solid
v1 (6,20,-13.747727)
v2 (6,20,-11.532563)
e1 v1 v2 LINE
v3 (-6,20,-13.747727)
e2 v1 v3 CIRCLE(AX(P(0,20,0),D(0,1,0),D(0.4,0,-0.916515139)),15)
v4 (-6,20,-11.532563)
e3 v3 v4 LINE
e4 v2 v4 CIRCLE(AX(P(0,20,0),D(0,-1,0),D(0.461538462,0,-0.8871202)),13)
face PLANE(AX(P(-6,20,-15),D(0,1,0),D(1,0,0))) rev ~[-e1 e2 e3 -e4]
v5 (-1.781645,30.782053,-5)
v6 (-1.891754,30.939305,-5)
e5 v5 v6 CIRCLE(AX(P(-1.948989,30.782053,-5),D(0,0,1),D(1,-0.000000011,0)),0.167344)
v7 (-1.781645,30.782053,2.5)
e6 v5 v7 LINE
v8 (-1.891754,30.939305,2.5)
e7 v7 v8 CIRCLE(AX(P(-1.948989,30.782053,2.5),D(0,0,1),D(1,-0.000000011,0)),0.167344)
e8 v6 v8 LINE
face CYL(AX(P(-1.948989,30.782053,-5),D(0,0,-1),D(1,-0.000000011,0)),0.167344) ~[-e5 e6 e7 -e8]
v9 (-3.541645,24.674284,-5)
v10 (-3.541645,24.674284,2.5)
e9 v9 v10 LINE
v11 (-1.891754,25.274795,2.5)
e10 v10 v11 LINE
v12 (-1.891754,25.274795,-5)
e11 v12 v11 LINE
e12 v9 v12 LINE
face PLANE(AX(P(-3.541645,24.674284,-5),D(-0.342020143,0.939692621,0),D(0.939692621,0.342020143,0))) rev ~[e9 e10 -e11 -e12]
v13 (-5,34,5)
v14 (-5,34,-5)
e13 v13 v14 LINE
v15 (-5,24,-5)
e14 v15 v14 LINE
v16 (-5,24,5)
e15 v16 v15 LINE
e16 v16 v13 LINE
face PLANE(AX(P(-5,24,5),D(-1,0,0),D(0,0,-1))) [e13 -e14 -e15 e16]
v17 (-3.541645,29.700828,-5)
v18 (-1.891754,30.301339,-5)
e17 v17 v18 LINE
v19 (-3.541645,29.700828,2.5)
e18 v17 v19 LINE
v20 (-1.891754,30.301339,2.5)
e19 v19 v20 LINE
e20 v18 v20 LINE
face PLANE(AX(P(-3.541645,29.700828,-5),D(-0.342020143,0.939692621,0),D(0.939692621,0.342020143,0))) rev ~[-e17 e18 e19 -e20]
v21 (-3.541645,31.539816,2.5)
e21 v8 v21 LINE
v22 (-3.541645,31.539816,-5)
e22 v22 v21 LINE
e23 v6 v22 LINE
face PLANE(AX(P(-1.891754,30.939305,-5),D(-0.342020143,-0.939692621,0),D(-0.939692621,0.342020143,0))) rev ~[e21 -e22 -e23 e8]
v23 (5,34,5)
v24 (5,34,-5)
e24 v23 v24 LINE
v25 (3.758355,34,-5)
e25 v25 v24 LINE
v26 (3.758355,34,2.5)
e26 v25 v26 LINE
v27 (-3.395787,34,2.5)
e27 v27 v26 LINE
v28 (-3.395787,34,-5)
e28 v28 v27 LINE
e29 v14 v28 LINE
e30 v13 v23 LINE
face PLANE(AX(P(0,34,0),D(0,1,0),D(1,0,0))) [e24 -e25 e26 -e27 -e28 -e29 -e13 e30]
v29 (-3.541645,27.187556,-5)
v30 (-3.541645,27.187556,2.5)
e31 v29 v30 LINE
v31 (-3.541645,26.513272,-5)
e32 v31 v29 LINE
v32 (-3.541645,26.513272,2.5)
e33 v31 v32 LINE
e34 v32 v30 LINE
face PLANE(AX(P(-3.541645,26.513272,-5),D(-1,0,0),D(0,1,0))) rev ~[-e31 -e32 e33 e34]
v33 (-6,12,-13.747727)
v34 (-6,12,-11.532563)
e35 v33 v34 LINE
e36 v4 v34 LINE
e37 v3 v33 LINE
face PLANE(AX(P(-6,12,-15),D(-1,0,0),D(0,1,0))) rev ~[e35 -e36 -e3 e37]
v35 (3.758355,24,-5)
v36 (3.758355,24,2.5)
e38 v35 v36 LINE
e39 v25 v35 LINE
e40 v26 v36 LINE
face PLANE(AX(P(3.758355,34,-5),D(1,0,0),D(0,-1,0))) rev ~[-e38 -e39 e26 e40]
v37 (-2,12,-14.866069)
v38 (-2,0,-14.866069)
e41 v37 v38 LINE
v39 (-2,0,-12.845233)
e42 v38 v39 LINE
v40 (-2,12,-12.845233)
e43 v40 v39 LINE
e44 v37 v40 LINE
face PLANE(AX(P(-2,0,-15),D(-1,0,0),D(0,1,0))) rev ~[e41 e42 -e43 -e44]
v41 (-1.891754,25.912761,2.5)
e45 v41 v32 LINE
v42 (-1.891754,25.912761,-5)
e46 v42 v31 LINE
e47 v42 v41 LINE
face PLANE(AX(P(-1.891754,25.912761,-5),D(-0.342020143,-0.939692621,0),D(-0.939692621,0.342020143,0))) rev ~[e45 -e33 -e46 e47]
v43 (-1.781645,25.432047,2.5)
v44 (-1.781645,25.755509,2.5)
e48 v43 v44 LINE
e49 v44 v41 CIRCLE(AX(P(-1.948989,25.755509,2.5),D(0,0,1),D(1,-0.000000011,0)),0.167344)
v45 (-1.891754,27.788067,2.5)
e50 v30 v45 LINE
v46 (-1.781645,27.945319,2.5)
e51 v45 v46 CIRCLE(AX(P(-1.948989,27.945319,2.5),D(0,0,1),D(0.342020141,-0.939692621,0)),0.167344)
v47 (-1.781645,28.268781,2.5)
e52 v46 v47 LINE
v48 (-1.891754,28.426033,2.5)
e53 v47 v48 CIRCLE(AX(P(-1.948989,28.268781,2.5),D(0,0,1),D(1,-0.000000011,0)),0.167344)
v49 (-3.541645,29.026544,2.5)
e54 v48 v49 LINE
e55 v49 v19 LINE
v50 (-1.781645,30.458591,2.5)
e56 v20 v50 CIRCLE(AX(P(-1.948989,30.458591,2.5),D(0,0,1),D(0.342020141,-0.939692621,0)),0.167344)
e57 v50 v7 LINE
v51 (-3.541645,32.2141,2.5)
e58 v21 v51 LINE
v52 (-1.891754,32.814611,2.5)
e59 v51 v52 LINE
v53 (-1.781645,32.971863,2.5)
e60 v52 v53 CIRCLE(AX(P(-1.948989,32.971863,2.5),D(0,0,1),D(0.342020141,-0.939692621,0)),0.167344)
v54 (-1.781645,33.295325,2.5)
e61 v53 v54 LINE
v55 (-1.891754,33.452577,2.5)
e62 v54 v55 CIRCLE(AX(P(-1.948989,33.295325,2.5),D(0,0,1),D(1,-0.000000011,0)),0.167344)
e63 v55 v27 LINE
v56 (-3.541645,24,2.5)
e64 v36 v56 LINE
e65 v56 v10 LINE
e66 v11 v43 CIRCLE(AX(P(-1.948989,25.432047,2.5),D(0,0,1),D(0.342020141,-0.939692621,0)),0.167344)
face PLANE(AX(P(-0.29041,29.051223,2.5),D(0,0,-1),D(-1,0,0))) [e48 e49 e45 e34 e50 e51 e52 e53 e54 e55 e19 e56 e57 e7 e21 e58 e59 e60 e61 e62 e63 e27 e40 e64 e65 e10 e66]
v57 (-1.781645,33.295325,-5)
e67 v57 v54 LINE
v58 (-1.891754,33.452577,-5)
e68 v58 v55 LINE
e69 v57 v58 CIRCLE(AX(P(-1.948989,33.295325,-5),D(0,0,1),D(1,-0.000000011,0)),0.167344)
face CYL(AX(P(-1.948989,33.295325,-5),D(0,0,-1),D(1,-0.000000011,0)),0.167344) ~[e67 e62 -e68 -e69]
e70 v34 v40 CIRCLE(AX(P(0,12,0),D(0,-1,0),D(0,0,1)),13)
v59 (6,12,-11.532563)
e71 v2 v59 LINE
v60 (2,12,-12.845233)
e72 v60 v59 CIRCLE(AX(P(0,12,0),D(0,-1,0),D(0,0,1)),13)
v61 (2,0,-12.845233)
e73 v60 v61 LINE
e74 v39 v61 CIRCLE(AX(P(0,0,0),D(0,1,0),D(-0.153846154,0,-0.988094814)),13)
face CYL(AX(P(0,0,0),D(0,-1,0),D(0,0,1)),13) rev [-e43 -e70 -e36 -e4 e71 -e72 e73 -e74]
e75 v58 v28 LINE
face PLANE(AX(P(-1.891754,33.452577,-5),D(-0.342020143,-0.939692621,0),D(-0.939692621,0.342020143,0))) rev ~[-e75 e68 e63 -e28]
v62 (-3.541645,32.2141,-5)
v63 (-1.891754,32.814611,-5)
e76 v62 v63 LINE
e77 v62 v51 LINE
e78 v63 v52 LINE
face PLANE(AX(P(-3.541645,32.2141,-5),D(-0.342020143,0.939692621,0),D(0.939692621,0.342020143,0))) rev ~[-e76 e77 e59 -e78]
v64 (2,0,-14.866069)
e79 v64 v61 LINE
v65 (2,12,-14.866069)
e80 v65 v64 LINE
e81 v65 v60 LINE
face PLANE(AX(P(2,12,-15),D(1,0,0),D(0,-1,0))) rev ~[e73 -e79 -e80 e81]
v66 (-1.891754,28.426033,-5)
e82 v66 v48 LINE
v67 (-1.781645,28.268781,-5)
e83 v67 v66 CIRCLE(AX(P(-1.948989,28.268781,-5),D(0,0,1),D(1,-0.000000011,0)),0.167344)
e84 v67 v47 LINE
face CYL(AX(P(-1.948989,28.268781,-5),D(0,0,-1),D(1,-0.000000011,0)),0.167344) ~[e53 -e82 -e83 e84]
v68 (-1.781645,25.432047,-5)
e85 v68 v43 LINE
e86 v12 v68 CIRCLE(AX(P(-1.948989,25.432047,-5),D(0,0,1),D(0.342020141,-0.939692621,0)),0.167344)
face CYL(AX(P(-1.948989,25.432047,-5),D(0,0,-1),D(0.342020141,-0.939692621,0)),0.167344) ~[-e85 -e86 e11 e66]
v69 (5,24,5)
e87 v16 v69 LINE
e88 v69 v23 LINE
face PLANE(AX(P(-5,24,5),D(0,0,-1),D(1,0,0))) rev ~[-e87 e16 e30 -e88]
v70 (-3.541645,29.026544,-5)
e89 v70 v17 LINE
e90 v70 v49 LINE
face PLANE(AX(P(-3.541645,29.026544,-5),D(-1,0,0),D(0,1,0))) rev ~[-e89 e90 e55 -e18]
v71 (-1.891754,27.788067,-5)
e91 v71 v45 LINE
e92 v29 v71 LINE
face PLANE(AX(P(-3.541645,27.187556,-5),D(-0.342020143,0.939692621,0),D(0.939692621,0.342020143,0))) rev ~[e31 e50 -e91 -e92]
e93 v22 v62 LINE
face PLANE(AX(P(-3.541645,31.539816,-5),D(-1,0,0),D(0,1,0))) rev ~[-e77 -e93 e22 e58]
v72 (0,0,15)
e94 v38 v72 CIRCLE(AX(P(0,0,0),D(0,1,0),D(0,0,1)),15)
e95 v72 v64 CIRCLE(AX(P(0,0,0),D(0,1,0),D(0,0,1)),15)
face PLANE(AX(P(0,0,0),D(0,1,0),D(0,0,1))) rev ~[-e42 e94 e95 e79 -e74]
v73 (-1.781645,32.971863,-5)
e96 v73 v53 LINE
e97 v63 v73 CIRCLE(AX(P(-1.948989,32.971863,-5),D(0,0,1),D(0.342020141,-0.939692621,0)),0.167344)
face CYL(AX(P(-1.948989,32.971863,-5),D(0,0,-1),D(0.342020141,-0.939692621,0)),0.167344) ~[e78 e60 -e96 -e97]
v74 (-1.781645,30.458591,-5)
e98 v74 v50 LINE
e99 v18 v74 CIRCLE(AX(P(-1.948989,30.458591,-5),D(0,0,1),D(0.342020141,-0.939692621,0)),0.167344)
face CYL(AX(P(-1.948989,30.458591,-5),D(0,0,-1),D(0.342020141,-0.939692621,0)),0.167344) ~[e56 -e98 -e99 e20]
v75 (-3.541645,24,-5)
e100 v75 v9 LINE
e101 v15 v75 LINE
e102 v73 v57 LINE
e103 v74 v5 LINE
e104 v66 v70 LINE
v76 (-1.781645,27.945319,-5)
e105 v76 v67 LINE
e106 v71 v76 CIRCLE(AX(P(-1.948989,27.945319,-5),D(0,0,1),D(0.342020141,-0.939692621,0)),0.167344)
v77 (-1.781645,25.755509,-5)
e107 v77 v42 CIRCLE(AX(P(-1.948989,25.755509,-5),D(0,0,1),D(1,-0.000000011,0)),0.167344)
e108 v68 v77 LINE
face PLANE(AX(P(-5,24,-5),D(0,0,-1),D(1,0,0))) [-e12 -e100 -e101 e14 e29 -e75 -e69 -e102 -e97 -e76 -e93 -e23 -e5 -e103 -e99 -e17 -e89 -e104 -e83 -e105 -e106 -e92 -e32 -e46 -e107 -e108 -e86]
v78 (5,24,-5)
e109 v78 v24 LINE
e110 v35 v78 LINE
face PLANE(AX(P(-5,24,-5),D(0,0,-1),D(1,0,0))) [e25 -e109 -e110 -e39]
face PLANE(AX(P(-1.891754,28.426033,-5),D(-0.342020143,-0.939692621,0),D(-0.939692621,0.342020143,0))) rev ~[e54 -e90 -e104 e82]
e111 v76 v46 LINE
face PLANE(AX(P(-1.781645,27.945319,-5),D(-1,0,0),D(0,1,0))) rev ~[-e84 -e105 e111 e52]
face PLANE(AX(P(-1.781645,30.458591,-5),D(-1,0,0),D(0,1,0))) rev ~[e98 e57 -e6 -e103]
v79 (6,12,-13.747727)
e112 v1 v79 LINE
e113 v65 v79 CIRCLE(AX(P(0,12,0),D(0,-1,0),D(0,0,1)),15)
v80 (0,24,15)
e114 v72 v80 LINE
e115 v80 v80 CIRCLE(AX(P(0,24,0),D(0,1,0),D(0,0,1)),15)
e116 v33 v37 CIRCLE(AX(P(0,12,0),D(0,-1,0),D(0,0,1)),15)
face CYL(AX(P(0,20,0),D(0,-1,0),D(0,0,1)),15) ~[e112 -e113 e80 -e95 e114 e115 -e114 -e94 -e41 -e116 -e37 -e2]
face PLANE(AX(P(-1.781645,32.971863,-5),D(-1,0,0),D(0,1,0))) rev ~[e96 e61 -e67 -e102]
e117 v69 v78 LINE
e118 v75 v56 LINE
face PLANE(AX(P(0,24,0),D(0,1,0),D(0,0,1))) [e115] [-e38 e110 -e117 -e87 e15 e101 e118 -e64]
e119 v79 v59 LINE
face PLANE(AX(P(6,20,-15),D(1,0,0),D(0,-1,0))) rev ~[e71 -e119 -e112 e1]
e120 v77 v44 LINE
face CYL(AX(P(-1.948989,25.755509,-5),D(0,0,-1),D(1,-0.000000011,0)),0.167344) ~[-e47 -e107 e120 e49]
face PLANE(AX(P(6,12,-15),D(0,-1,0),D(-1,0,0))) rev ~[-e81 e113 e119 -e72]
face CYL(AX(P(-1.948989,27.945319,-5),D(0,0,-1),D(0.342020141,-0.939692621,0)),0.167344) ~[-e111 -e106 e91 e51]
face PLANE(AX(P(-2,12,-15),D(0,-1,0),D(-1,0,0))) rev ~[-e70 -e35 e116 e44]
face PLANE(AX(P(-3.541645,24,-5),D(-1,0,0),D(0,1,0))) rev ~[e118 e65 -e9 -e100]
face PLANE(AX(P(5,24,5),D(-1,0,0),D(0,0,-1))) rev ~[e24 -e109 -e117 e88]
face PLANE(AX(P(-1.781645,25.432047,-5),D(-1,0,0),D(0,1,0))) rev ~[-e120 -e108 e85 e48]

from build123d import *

# Parameters (mm, degrees)
SKETCH1_R           = 15
SKETCH1_R_2         = 13
BOSS_EXTRUDE1_DEPTH = 20
SKETCH2_R           = 15
BOSS_EXTRUDE2_DEPTH = 4
SKETCH4_W           = 10
SKETCH4_H           = 10
BOSS_EXTRUDE3_DEPTH = 10
CUT_EXTRUDE2_DEPTH  = 7.5
CUT_EXTRUDE3_DEPTH  = 5


with BuildPart() as part:
    # Sketch1 → Boss-Extrude1 (new body)
    with BuildSketch(Plane(origin=(0, 0, 0), x_dir=(1, 0, 0), z_dir=(0, 1, 0))):
        with Locations(Location((0, 0, 0), (0, 0, 270))):
            Circle(SKETCH1_R)
        with Locations(Location((0, 0, 0), (0, 0, 270))):
            Circle(SKETCH1_R_2, mode=Mode.SUBTRACT)
    extrude(amount=BOSS_EXTRUDE1_DEPTH)

    # Sketch2 → Boss-Extrude2 (add)
    with BuildSketch(Plane(origin=(0, 20, 0), x_dir=(1, 0, 0), z_dir=(0, 1, 0))):
        with Locations(Location((0, 0, 0), (0, 0, 270))):
            Circle(SKETCH2_R)
    extrude(amount=BOSS_EXTRUDE2_DEPTH)

    # Sketch4 → Boss-Extrude3 (add)
    with BuildSketch(Plane(origin=(0, 24, 0), x_dir=(1, 0, 0), z_dir=(0, 1, 0))):
        Rectangle(SKETCH4_W, SKETCH4_H)
    extrude(amount=BOSS_EXTRUDE3_DEPTH)

    # Sketch6 → Cut-Extrude2 (cut)
    with BuildSketch(Plane(origin=(0, 0, -5), x_dir=(-1, 0, 0), z_dir=(0, 0, -1))):
        with BuildLine():
            Line((-1.758355149, 34), (-3.758355149, 34))
            Line((-3.758355149, 34), (-3.758355149, 24))
            Line((-3.758355149, 24), (3.541644851, 24))
            Line((3.541644851, 24), (3.541644851, 24.674283625))
            Line((3.541644851, 24.674283625), (1.891753796, 25.274794859))
            ThreePointArc((1.891753796, 25.274794859), (1.811908661, 25.336062186), (1.781644851, 25.432046729))
            Line((1.781644851, 25.432046729), (1.781644851, 25.755508896))
            ThreePointArc((1.781644851, 25.755508896), (1.811908661, 25.85149344), (1.891753796, 25.912760766))
            Line((1.891753796, 25.912760766), (3.541644851, 26.513272))
            Line((3.541644851, 26.513272), (3.541644851, 27.187555625))
            Line((3.541644851, 27.187555625), (1.891753796, 27.788066859))
            ThreePointArc((1.891753796, 27.788066859), (1.811908661, 27.849334186), (1.781644851, 27.945318729))
            Line((1.781644851, 27.945318729), (1.781644851, 28.268780896))
            ThreePointArc((1.781644851, 28.268780896), (1.811908661, 28.36476544), (1.891753796, 28.426032766))
            Line((1.891753796, 28.426032766), (3.541644851, 29.026544))
            Line((3.541644851, 29.026544), (3.541644851, 29.700827625))
            Line((3.541644851, 29.700827625), (1.891753796, 30.301338859))
            ThreePointArc((1.891753796, 30.301338859), (1.811908661, 30.362606186), (1.781644851, 30.458590729))
            Line((1.781644851, 30.458590729), (1.781644851, 30.782052896))
            ThreePointArc((1.781644851, 30.782052896), (1.811908661, 30.87803744), (1.891753796, 30.939304766))
            Line((1.891753796, 30.939304766), (3.541644851, 31.539816))
            Line((3.541644851, 31.539816), (3.541644851, 32.214099625))
            Line((3.541644851, 32.214099625), (1.891753796, 32.814610859))
            ThreePointArc((1.891753796, 32.814610859), (1.811908661, 32.875878186), (1.781644851, 32.971862729))
            Line((1.781644851, 32.971862729), (1.781644851, 33.295324896))
            ThreePointArc((1.781644851, 33.295324896), (1.811908661, 33.39130944), (1.891753796, 33.452576766))
            Line((1.891753796, 33.452576766), (3.39578677, 34))
            Line((3.39578677, 34), (0.241644851, 34))
            Line((0.241644851, 34), (-1.758355149, 34))
        make_face()
    extrude(amount=-CUT_EXTRUDE2_DEPTH, mode=Mode.SUBTRACT)

    # Sketch8 → Cut-Extrude3 (cut)
    with BuildSketch(Plane(origin=(0, 0, -15), x_dir=(-1, 0, 0), z_dir=(0, 0, -1))):
        Polygon((-6, 12), (-2, 12), (-2, 0), (2, 0), (2, 12), (6, 12), (6, 20), (-6, 20), align=None)
    extrude(amount=-CUT_EXTRUDE3_DEPTH, mode=Mode.SUBTRACT)


solid = part.part
